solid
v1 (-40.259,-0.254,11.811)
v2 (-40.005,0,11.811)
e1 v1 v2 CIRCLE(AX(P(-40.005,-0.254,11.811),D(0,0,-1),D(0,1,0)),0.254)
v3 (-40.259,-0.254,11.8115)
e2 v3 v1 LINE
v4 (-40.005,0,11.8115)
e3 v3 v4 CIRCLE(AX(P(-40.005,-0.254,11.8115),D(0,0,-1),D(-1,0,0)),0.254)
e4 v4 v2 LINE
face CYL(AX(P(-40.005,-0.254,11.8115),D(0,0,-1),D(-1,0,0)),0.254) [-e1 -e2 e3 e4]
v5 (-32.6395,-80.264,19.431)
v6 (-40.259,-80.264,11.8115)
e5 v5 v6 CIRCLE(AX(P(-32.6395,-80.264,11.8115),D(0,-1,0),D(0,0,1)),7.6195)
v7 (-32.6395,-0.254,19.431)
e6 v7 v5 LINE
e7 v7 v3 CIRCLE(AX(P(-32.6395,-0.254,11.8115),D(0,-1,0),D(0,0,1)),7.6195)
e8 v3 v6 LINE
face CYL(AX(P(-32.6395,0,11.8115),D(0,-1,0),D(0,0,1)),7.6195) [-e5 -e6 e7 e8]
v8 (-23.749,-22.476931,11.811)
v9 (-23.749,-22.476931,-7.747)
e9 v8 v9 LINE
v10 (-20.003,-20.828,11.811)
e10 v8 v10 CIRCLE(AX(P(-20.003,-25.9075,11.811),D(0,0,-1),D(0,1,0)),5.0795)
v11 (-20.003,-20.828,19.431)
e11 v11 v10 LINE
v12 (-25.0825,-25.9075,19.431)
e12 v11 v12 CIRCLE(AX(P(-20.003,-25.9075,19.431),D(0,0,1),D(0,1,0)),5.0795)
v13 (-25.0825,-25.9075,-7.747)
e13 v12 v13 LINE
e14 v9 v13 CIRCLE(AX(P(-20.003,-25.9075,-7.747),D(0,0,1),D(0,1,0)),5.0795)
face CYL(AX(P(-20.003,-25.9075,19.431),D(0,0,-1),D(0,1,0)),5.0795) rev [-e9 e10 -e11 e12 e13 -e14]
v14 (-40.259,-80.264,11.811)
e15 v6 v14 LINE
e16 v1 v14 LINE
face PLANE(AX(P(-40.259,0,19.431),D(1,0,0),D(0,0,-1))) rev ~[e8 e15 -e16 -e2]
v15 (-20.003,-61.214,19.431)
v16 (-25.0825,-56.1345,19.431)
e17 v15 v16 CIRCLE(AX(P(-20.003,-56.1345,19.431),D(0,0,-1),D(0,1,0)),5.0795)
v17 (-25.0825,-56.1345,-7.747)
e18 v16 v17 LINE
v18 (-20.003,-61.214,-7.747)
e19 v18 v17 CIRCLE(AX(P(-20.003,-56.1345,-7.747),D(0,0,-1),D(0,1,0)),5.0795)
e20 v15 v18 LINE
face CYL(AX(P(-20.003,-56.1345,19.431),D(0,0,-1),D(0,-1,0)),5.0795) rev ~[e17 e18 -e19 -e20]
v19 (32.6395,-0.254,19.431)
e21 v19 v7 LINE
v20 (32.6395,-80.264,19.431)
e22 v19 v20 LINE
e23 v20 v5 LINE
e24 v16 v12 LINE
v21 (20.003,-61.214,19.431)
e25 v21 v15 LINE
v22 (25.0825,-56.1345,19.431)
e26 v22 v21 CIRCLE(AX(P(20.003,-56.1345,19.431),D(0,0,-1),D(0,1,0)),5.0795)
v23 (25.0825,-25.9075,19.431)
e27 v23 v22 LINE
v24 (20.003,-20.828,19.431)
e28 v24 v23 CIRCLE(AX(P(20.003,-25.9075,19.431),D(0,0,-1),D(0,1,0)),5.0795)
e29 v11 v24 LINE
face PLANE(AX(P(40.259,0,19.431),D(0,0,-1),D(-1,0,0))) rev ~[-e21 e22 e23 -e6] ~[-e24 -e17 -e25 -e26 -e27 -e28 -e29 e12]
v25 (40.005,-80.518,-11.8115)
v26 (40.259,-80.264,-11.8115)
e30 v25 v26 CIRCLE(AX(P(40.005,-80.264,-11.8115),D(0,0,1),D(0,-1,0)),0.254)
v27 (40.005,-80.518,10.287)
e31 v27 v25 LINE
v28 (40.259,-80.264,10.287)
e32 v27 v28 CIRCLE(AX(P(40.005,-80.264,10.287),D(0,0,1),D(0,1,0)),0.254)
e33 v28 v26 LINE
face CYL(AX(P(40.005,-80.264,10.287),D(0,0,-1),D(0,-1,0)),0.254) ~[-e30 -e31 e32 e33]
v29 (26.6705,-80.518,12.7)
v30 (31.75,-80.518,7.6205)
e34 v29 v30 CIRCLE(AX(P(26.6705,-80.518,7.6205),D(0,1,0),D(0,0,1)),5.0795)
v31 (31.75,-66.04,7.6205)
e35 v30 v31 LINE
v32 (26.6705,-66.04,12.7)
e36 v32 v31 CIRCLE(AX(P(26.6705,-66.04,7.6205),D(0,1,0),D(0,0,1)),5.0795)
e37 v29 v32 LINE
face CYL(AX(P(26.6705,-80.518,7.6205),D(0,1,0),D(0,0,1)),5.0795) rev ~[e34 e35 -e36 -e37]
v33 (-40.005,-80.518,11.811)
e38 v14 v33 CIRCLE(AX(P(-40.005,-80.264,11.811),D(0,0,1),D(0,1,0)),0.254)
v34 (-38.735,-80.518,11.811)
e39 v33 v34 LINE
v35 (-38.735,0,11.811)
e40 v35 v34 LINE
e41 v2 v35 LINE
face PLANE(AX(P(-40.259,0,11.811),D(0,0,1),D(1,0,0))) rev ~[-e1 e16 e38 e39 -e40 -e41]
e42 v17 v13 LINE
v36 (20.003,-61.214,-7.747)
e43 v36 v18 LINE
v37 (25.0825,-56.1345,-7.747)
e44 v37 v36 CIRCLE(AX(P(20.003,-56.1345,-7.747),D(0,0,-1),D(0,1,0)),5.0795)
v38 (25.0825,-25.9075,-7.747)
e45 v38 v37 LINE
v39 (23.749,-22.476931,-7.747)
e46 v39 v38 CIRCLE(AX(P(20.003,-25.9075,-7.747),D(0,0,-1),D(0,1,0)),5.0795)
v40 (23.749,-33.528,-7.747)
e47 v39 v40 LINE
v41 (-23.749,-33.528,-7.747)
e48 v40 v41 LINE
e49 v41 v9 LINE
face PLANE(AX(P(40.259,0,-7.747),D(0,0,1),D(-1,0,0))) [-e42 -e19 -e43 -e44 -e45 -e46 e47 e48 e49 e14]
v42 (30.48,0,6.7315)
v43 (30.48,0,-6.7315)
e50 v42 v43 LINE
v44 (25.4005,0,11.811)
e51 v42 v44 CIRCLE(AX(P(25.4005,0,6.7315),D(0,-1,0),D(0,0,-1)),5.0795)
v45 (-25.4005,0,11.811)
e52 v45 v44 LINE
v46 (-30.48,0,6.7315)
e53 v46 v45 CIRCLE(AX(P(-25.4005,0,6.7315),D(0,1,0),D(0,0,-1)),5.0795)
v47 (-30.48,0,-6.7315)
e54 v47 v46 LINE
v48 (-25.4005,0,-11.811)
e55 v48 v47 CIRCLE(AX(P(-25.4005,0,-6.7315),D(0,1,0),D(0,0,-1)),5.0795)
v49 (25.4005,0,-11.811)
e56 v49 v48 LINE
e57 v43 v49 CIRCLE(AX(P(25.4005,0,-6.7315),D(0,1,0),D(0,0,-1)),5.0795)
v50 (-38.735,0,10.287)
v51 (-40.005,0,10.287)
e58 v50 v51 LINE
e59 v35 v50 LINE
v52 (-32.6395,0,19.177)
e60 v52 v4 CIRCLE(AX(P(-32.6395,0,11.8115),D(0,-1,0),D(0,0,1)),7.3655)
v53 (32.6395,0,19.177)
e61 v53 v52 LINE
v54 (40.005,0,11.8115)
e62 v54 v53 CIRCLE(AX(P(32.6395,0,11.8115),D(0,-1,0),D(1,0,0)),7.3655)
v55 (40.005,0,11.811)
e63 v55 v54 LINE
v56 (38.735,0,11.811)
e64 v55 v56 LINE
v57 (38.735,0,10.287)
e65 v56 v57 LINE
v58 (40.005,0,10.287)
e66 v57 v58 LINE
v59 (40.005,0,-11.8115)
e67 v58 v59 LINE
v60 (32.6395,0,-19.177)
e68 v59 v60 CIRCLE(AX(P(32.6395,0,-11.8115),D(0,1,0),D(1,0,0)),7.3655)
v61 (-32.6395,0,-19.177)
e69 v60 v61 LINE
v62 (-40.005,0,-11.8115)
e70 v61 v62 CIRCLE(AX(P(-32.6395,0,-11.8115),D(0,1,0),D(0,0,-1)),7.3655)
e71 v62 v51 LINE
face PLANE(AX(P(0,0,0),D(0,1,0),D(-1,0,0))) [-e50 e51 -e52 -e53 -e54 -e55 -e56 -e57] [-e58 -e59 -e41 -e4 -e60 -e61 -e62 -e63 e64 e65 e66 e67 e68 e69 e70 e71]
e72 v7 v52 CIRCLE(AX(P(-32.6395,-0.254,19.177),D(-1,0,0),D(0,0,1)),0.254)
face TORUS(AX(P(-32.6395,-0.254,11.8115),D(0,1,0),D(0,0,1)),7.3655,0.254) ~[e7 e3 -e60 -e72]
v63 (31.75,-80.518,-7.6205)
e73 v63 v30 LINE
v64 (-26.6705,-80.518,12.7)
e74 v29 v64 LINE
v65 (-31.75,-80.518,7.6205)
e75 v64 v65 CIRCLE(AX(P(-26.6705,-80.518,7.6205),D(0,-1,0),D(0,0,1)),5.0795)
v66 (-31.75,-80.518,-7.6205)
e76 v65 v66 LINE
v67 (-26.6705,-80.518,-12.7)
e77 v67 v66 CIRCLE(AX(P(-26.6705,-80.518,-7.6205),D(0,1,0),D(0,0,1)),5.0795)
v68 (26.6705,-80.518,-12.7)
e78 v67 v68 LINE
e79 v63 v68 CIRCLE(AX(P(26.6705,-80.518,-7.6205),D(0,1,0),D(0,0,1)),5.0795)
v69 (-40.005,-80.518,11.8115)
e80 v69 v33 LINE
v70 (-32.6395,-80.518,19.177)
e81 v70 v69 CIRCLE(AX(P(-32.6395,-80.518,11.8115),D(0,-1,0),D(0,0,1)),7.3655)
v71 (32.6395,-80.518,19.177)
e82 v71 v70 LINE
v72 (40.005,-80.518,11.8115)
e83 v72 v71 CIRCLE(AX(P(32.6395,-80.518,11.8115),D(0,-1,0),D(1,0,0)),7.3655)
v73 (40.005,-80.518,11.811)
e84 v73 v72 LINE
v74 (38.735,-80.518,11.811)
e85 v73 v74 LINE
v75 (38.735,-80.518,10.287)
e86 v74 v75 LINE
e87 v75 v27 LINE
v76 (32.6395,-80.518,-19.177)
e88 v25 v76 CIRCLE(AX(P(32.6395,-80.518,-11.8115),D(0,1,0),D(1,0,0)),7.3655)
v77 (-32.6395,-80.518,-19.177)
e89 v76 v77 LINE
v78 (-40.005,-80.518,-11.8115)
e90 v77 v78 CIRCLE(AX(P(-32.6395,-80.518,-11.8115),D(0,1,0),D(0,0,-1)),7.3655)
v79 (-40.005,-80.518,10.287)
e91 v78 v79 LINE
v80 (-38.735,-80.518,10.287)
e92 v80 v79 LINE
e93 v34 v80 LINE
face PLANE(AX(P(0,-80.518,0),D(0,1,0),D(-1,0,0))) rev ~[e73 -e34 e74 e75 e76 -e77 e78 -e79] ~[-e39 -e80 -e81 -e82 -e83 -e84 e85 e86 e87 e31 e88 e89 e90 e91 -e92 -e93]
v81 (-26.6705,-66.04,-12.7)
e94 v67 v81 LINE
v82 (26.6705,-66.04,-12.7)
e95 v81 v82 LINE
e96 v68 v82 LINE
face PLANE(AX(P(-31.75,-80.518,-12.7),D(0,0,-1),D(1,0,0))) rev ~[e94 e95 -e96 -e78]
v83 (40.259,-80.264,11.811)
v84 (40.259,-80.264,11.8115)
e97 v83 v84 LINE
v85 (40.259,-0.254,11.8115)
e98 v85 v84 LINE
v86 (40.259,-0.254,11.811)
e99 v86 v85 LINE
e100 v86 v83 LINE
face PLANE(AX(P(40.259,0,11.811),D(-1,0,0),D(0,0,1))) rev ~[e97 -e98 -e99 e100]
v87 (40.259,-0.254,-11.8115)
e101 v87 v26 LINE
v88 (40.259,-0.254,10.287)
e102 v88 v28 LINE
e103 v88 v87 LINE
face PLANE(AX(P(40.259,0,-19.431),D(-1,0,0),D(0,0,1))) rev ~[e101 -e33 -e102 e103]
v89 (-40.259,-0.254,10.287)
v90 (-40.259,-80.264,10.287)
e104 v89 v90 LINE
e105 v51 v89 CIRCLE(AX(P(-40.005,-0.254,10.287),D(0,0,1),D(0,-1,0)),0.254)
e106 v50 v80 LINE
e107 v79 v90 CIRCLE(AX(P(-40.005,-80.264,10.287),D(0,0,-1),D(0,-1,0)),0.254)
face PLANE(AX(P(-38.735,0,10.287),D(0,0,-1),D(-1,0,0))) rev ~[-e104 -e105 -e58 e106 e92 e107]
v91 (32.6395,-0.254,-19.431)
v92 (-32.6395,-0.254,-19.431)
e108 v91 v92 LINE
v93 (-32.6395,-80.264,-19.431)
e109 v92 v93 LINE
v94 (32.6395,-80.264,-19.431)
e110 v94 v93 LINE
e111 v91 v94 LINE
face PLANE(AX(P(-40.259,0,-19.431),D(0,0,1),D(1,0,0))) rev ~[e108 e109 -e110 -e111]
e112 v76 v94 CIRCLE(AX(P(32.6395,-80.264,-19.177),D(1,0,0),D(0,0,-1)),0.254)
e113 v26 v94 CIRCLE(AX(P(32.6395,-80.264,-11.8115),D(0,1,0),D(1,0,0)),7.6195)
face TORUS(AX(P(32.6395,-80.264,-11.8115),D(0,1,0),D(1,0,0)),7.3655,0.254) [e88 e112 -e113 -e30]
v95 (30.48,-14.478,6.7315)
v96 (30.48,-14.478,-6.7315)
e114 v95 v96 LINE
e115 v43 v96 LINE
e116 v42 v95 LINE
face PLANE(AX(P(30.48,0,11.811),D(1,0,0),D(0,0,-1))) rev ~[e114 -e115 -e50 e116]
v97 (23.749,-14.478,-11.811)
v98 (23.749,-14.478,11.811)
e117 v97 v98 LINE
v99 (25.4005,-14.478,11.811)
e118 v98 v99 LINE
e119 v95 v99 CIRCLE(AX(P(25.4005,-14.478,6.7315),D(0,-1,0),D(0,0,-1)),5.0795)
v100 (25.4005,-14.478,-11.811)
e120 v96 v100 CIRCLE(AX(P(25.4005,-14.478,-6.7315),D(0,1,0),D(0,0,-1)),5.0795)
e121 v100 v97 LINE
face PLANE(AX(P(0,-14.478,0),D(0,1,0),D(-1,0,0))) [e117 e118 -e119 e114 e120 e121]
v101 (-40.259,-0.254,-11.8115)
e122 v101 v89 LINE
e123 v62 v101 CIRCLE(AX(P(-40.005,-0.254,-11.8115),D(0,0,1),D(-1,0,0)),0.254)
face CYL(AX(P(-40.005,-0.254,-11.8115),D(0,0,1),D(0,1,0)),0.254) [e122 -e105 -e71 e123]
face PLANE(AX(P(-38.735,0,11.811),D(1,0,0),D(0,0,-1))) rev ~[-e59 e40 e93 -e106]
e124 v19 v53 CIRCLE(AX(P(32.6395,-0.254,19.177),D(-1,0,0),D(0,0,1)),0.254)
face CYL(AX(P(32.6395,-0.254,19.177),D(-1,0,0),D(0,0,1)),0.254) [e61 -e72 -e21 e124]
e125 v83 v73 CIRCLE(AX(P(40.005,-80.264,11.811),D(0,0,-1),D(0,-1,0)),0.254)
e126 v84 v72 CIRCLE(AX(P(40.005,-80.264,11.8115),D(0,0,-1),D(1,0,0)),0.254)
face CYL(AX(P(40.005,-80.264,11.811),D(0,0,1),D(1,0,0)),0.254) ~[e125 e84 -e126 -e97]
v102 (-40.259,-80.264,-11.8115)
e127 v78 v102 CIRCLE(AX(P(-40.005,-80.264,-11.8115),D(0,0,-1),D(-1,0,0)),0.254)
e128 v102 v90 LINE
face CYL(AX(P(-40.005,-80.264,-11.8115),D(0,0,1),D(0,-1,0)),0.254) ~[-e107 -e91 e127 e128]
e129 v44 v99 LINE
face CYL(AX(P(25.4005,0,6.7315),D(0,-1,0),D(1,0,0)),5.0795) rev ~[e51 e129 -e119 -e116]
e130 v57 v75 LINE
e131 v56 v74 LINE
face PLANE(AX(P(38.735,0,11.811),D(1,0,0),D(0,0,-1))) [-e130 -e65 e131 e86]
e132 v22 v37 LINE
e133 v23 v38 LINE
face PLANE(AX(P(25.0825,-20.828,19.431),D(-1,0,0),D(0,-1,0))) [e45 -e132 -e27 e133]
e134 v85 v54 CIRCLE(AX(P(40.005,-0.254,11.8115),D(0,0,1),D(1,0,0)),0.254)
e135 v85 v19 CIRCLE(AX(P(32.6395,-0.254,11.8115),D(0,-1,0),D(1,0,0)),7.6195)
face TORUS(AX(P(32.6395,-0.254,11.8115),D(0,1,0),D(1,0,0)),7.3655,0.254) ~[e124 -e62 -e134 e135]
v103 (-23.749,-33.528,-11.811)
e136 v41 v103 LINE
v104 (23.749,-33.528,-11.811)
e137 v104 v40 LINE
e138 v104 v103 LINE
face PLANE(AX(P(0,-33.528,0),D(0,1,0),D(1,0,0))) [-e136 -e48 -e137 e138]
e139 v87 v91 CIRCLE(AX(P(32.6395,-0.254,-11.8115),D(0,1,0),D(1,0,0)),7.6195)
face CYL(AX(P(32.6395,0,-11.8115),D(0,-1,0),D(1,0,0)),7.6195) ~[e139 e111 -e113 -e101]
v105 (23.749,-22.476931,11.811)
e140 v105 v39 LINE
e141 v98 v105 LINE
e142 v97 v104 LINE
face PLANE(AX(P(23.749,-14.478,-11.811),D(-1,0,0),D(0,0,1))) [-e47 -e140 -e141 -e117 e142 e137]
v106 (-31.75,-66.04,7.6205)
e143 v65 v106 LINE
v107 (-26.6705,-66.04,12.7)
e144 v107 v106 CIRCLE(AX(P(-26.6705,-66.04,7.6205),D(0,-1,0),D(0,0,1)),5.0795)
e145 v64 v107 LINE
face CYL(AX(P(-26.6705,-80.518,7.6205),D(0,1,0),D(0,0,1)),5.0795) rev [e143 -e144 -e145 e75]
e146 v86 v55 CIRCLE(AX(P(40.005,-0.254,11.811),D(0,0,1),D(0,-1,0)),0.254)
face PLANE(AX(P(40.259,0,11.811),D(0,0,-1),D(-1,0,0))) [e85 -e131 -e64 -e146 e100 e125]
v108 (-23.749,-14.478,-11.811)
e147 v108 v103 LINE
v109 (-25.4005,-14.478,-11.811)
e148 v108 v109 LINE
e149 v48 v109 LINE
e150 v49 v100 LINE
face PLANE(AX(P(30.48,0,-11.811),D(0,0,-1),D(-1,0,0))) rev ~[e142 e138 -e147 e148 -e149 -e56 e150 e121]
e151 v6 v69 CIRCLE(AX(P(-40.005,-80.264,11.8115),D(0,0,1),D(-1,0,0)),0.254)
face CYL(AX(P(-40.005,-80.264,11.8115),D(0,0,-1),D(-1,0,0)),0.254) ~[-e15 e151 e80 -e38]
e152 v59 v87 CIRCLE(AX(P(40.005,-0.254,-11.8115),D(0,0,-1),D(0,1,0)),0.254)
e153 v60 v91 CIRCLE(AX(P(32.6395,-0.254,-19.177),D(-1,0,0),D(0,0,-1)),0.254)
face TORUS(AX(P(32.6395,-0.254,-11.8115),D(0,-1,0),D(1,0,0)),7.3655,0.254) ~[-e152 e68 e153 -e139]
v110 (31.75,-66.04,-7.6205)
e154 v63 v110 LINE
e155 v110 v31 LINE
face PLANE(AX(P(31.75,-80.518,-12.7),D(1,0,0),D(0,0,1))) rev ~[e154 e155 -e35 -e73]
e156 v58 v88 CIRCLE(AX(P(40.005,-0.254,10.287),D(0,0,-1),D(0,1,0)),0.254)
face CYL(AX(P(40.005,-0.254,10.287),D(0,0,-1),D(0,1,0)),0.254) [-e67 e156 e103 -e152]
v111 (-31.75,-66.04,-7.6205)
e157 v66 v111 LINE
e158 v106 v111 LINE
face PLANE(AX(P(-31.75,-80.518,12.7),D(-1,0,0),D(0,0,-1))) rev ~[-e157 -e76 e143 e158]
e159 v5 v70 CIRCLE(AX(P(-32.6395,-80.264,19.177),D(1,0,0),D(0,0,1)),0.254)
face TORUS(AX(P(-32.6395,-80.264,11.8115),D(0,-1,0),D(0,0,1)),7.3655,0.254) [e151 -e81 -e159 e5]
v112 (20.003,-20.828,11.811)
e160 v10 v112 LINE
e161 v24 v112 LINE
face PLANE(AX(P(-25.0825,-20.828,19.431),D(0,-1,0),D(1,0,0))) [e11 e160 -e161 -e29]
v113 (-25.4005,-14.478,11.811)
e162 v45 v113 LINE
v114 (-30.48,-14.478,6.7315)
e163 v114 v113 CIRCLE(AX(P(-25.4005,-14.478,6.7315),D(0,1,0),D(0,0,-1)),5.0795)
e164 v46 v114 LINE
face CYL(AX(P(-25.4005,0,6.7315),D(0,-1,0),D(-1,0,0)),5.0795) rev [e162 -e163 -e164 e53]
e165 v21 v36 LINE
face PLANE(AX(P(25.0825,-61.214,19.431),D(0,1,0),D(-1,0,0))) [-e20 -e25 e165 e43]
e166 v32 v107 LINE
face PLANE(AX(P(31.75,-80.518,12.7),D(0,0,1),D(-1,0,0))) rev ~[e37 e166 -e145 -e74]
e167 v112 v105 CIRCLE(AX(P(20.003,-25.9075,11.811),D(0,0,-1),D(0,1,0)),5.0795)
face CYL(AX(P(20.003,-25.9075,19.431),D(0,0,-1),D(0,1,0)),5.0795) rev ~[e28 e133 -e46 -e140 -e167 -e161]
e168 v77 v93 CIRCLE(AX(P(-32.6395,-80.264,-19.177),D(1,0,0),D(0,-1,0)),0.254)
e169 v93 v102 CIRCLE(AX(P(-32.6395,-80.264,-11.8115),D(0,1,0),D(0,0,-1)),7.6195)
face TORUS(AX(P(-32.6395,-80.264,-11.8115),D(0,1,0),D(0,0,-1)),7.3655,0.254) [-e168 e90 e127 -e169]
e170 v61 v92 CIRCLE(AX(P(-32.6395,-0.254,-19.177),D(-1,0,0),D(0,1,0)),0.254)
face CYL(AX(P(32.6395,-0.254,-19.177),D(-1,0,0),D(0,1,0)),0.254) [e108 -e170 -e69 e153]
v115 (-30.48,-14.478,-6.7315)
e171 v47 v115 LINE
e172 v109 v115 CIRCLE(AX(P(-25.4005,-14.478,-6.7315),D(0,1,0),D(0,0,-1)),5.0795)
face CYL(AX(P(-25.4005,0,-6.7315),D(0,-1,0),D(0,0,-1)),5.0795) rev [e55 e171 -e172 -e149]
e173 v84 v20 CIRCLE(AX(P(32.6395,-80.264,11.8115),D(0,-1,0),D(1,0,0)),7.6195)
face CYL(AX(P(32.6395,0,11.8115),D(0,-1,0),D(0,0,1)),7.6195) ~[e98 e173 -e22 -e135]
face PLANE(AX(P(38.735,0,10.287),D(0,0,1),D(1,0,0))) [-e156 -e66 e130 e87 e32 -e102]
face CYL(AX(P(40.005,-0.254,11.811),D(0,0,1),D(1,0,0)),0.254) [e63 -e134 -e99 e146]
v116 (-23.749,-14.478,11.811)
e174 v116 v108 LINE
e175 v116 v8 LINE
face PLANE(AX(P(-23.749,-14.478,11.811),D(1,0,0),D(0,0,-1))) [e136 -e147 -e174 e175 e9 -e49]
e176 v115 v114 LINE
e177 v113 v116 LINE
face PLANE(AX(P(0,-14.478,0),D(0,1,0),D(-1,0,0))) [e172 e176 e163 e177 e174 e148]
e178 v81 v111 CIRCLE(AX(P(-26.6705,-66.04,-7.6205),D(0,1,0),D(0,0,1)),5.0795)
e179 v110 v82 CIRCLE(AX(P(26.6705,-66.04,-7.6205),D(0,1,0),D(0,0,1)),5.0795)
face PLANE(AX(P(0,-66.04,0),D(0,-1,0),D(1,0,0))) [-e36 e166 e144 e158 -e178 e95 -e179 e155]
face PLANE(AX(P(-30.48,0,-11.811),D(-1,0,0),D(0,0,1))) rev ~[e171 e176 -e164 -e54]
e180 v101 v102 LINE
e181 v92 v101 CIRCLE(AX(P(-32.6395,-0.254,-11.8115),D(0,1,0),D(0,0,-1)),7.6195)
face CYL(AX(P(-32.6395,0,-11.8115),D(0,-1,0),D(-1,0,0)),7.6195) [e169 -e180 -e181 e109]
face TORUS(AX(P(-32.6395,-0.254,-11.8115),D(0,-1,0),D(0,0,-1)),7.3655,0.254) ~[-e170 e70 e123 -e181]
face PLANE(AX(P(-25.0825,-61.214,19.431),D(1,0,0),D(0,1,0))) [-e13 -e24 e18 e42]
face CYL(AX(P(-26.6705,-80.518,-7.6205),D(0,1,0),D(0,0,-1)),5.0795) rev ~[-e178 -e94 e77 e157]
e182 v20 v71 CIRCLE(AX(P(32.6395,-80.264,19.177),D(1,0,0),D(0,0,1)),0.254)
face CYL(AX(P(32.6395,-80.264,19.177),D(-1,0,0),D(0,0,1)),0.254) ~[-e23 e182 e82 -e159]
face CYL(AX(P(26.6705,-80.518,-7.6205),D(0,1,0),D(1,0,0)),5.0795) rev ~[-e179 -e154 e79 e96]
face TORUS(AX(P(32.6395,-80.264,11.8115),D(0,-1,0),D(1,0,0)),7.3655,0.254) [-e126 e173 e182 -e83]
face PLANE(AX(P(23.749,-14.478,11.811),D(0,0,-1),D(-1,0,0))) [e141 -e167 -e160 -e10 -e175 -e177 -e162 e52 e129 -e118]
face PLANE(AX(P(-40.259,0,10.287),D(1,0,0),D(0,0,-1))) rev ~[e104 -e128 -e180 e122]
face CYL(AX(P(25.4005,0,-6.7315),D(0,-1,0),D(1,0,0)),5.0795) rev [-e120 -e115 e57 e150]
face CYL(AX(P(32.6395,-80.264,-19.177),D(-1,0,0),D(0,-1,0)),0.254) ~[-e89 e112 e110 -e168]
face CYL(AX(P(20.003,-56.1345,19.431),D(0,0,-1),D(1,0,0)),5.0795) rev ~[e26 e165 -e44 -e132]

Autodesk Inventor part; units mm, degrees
ref_plane "YZ Plane" through (0, 0, 0) normal (1, 0, 0) x (0, 1, 0)
ref_plane "XZ Plane" through (0, 0, 0) normal (0, 1, 0) x (-1, 0, 0)
ref_plane "XY Plane" through (0, 0, 0) normal (0, 0, 1) x (1, 0, 0)
sketch "Sketch1" plane through (0, 0, 0) normal (0, 1, 0) x (-1, 0, 0)
  line L0 (-40.259, 19.431) -> (40.259, 19.431)
  line L1 (40.259, 19.431) -> (40.259, -19.431)
  line L2 (40.259, -19.431) -> (-40.259, -19.431)
  line L3 (-40.259, -19.431) -> (-40.259, 19.431)
  line L4 (-40.259, 11.811) -> (-38.735, 11.811)
  line L5 (-38.735, 11.811) -> (-38.735, 10.287)
  line L6 (-38.735, 10.287) -> (-40.259, 10.287)
  line L7 (-40.259, 10.287) -> (-40.259, 11.811)
  line L8 (40.259, 11.811) -> (38.735, 11.811)
  line L9 (38.735, 11.811) -> (38.735, 10.287)
  line L10 (38.735, 10.287) -> (40.259, 10.287)
  line L11 (40.259, 10.287) -> (40.259, 11.811)
  point P0 (0, 0)
  point P1 (40.259, 0)
  point P2 (0, -19.431)
  point P3 (0, 0)
  dimension "d0" = 80.518
  dimension "d1" = 38.862
  dimension "d20" = 1.524
  dimension "d21" = 7.62
extrude "Extrusion1" add sketch "Sketch1" against normal blind 80.518 contours L0 L1 L8 L9 L10 L2 L3 L6 L5 L4
sketch "Sketch2" plane through (0, 0, 0) normal (0, 1, 0) x (-1, 0, 0)
  line L0 (-30.48, -11.811) -> (30.48, -11.811)
  line L1 (30.48, -11.811) -> (30.48, 11.811)
  line L2 (30.48, 11.811) -> (-30.48, 11.811)
  line L3 (-30.48, 11.811) -> (-30.48, -11.811)
  line L4 (40.259, -19.431) -> (-40.259, -19.431) projected
  line L5 (-40.259, 19.431) -> (40.259, 19.431) projected
  point P0 (0, 0)
  point P1 (0, 11.811)
  point P2 (-30.48, 0)
  dimension "d4" = 60.96
  dimension "d5" = 23.622
extrude "Extrusion2" cut sketch "Sketch2" against normal blind 14.478
sketch "Sketch3" plane through (0, -80.518, 0) normal (0, -1, 0) x (1, 0, 0)
  line L0 (-31.75, -12.7) -> (31.75, -12.7)
  line L1 (31.75, -12.7) -> (31.75, 12.7)
  line L2 (31.75, 12.7) -> (-31.75, 12.7)
  line L3 (-31.75, 12.7) -> (-31.75, -12.7)
  point P0 (0, 0)
  point P1 (0, -12.7)
  point P2 (-31.75, 0)
  dimension "d10" = 63.5
  dimension "d11" = 25.4
extrude "Extrusion3" cut sketch "Sketch3" against normal blind 14.478
sketch "Sketch4" plane through (40.259, 0, 19.431) normal (0, 0, 1) x (-1, 0, 0)
  line L0 (65.3415, 20.828) -> (15.1765, 20.828)
  line L1 (15.1765, 20.828) -> (15.1765, 61.214)
  line L2 (15.1765, 61.214) -> (65.3415, 61.214)
  line L3 (65.3415, 61.214) -> (65.3415, 20.828)
  line L4 (0, 0) -> (80.518, 0) projected
  point P0 (40.259, 0)
  point P1 (40.259, 0)
  point P2 (40.259, 20.828)
  dimension "d15" = 20.828
  dimension "d16" = 40.386
  dimension "d17" = 50.165
extrude "Extrusion4" cut sketch "Sketch4" against normal blind 27.178
fillet "Fillet1" radius 5.08 12 edges at (30.48, -7.239, 11.811) (30.48, -7.239, -11.811) (-30.48, -7.239, -11.811) (-30.48, -7.239, 11.811) (-31.75, -73.279, -12.7) (-31.75, -73.279, 12.7) (31.75, -73.279, 12.7) (31.75, -73.279, -12.7) (-25.0825, -20.828, 5.842) (25.0825, -20.828, 5.842) (25.0825, -61.214, 5.842) (-25.0825, -61.214, 5.842)
fillet "Fillet1" radius 7.62 4 edges at (-40.259, -40.259, 19.431) (-40.259, -40.259, -19.431) (40.259, -40.259, 19.431) (40.259, -40.259, -19.431)
fillet "Fillet2" radius 0.254 16 edges at (38.0273, -80.518, -17.1993) (0, -80.518, -19.431) (-38.0273, -80.518, -17.1993) (-40.259, -80.518, -0.7623) (40.259, -80.518, -0.7623) (0, -80.518, 19.431) (-38.0273, -80.518, 17.1993) (38.0273, -80.518, 17.1993) (0, 0, 19.431) (-38.0273, 0, 17.1993) (38.0273, 0, 17.1993) (38.0273, 0, -17.1993) (0, 0, -19.431) (-38.0273, 0, -17.1993) (-40.259, 0, -0.7623) (40.259, 0, -0.7623)
sketch "Sketch6" plane through (0, -14.478, 0) normal (0, 1, 0) x (1, 0, 0)
  line L0 (0, 27.2034) -> (0, -27.2034) projected
  line L1 (23.749, -11.811) -> (-23.749, -11.811)
  line L2 (-23.749, -11.811) -> (-23.749, 11.811)
  line L3 (-23.749, 11.811) -> (23.749, 11.811)
  line L4 (23.749, 11.811) -> (23.749, -11.811)
  line L5 (40.259, -10.287) -> (40.259, 11.811) projected
  line L6 (-40.259, 11.811) -> (-40.259, -10.287) projected
  line L7 (32.639, 19.431) -> (-32.639, 19.431) projected
  line L8 (25.4, -11.811) -> (-25.4, -11.811) projected
  line L9 (-25.4, 11.811) -> (25.4, 11.811) projected
  point P0 (0, 0)
  dimension "d26" = 16.51
  dimension "d28" = 16.51
  dimension "d30" = 0
  dimension "d31" = 0
extrude "Extrusion5" cut sketch "Sketch6" against normal blind 19.05
properties part number "Motor Passenger Section"
